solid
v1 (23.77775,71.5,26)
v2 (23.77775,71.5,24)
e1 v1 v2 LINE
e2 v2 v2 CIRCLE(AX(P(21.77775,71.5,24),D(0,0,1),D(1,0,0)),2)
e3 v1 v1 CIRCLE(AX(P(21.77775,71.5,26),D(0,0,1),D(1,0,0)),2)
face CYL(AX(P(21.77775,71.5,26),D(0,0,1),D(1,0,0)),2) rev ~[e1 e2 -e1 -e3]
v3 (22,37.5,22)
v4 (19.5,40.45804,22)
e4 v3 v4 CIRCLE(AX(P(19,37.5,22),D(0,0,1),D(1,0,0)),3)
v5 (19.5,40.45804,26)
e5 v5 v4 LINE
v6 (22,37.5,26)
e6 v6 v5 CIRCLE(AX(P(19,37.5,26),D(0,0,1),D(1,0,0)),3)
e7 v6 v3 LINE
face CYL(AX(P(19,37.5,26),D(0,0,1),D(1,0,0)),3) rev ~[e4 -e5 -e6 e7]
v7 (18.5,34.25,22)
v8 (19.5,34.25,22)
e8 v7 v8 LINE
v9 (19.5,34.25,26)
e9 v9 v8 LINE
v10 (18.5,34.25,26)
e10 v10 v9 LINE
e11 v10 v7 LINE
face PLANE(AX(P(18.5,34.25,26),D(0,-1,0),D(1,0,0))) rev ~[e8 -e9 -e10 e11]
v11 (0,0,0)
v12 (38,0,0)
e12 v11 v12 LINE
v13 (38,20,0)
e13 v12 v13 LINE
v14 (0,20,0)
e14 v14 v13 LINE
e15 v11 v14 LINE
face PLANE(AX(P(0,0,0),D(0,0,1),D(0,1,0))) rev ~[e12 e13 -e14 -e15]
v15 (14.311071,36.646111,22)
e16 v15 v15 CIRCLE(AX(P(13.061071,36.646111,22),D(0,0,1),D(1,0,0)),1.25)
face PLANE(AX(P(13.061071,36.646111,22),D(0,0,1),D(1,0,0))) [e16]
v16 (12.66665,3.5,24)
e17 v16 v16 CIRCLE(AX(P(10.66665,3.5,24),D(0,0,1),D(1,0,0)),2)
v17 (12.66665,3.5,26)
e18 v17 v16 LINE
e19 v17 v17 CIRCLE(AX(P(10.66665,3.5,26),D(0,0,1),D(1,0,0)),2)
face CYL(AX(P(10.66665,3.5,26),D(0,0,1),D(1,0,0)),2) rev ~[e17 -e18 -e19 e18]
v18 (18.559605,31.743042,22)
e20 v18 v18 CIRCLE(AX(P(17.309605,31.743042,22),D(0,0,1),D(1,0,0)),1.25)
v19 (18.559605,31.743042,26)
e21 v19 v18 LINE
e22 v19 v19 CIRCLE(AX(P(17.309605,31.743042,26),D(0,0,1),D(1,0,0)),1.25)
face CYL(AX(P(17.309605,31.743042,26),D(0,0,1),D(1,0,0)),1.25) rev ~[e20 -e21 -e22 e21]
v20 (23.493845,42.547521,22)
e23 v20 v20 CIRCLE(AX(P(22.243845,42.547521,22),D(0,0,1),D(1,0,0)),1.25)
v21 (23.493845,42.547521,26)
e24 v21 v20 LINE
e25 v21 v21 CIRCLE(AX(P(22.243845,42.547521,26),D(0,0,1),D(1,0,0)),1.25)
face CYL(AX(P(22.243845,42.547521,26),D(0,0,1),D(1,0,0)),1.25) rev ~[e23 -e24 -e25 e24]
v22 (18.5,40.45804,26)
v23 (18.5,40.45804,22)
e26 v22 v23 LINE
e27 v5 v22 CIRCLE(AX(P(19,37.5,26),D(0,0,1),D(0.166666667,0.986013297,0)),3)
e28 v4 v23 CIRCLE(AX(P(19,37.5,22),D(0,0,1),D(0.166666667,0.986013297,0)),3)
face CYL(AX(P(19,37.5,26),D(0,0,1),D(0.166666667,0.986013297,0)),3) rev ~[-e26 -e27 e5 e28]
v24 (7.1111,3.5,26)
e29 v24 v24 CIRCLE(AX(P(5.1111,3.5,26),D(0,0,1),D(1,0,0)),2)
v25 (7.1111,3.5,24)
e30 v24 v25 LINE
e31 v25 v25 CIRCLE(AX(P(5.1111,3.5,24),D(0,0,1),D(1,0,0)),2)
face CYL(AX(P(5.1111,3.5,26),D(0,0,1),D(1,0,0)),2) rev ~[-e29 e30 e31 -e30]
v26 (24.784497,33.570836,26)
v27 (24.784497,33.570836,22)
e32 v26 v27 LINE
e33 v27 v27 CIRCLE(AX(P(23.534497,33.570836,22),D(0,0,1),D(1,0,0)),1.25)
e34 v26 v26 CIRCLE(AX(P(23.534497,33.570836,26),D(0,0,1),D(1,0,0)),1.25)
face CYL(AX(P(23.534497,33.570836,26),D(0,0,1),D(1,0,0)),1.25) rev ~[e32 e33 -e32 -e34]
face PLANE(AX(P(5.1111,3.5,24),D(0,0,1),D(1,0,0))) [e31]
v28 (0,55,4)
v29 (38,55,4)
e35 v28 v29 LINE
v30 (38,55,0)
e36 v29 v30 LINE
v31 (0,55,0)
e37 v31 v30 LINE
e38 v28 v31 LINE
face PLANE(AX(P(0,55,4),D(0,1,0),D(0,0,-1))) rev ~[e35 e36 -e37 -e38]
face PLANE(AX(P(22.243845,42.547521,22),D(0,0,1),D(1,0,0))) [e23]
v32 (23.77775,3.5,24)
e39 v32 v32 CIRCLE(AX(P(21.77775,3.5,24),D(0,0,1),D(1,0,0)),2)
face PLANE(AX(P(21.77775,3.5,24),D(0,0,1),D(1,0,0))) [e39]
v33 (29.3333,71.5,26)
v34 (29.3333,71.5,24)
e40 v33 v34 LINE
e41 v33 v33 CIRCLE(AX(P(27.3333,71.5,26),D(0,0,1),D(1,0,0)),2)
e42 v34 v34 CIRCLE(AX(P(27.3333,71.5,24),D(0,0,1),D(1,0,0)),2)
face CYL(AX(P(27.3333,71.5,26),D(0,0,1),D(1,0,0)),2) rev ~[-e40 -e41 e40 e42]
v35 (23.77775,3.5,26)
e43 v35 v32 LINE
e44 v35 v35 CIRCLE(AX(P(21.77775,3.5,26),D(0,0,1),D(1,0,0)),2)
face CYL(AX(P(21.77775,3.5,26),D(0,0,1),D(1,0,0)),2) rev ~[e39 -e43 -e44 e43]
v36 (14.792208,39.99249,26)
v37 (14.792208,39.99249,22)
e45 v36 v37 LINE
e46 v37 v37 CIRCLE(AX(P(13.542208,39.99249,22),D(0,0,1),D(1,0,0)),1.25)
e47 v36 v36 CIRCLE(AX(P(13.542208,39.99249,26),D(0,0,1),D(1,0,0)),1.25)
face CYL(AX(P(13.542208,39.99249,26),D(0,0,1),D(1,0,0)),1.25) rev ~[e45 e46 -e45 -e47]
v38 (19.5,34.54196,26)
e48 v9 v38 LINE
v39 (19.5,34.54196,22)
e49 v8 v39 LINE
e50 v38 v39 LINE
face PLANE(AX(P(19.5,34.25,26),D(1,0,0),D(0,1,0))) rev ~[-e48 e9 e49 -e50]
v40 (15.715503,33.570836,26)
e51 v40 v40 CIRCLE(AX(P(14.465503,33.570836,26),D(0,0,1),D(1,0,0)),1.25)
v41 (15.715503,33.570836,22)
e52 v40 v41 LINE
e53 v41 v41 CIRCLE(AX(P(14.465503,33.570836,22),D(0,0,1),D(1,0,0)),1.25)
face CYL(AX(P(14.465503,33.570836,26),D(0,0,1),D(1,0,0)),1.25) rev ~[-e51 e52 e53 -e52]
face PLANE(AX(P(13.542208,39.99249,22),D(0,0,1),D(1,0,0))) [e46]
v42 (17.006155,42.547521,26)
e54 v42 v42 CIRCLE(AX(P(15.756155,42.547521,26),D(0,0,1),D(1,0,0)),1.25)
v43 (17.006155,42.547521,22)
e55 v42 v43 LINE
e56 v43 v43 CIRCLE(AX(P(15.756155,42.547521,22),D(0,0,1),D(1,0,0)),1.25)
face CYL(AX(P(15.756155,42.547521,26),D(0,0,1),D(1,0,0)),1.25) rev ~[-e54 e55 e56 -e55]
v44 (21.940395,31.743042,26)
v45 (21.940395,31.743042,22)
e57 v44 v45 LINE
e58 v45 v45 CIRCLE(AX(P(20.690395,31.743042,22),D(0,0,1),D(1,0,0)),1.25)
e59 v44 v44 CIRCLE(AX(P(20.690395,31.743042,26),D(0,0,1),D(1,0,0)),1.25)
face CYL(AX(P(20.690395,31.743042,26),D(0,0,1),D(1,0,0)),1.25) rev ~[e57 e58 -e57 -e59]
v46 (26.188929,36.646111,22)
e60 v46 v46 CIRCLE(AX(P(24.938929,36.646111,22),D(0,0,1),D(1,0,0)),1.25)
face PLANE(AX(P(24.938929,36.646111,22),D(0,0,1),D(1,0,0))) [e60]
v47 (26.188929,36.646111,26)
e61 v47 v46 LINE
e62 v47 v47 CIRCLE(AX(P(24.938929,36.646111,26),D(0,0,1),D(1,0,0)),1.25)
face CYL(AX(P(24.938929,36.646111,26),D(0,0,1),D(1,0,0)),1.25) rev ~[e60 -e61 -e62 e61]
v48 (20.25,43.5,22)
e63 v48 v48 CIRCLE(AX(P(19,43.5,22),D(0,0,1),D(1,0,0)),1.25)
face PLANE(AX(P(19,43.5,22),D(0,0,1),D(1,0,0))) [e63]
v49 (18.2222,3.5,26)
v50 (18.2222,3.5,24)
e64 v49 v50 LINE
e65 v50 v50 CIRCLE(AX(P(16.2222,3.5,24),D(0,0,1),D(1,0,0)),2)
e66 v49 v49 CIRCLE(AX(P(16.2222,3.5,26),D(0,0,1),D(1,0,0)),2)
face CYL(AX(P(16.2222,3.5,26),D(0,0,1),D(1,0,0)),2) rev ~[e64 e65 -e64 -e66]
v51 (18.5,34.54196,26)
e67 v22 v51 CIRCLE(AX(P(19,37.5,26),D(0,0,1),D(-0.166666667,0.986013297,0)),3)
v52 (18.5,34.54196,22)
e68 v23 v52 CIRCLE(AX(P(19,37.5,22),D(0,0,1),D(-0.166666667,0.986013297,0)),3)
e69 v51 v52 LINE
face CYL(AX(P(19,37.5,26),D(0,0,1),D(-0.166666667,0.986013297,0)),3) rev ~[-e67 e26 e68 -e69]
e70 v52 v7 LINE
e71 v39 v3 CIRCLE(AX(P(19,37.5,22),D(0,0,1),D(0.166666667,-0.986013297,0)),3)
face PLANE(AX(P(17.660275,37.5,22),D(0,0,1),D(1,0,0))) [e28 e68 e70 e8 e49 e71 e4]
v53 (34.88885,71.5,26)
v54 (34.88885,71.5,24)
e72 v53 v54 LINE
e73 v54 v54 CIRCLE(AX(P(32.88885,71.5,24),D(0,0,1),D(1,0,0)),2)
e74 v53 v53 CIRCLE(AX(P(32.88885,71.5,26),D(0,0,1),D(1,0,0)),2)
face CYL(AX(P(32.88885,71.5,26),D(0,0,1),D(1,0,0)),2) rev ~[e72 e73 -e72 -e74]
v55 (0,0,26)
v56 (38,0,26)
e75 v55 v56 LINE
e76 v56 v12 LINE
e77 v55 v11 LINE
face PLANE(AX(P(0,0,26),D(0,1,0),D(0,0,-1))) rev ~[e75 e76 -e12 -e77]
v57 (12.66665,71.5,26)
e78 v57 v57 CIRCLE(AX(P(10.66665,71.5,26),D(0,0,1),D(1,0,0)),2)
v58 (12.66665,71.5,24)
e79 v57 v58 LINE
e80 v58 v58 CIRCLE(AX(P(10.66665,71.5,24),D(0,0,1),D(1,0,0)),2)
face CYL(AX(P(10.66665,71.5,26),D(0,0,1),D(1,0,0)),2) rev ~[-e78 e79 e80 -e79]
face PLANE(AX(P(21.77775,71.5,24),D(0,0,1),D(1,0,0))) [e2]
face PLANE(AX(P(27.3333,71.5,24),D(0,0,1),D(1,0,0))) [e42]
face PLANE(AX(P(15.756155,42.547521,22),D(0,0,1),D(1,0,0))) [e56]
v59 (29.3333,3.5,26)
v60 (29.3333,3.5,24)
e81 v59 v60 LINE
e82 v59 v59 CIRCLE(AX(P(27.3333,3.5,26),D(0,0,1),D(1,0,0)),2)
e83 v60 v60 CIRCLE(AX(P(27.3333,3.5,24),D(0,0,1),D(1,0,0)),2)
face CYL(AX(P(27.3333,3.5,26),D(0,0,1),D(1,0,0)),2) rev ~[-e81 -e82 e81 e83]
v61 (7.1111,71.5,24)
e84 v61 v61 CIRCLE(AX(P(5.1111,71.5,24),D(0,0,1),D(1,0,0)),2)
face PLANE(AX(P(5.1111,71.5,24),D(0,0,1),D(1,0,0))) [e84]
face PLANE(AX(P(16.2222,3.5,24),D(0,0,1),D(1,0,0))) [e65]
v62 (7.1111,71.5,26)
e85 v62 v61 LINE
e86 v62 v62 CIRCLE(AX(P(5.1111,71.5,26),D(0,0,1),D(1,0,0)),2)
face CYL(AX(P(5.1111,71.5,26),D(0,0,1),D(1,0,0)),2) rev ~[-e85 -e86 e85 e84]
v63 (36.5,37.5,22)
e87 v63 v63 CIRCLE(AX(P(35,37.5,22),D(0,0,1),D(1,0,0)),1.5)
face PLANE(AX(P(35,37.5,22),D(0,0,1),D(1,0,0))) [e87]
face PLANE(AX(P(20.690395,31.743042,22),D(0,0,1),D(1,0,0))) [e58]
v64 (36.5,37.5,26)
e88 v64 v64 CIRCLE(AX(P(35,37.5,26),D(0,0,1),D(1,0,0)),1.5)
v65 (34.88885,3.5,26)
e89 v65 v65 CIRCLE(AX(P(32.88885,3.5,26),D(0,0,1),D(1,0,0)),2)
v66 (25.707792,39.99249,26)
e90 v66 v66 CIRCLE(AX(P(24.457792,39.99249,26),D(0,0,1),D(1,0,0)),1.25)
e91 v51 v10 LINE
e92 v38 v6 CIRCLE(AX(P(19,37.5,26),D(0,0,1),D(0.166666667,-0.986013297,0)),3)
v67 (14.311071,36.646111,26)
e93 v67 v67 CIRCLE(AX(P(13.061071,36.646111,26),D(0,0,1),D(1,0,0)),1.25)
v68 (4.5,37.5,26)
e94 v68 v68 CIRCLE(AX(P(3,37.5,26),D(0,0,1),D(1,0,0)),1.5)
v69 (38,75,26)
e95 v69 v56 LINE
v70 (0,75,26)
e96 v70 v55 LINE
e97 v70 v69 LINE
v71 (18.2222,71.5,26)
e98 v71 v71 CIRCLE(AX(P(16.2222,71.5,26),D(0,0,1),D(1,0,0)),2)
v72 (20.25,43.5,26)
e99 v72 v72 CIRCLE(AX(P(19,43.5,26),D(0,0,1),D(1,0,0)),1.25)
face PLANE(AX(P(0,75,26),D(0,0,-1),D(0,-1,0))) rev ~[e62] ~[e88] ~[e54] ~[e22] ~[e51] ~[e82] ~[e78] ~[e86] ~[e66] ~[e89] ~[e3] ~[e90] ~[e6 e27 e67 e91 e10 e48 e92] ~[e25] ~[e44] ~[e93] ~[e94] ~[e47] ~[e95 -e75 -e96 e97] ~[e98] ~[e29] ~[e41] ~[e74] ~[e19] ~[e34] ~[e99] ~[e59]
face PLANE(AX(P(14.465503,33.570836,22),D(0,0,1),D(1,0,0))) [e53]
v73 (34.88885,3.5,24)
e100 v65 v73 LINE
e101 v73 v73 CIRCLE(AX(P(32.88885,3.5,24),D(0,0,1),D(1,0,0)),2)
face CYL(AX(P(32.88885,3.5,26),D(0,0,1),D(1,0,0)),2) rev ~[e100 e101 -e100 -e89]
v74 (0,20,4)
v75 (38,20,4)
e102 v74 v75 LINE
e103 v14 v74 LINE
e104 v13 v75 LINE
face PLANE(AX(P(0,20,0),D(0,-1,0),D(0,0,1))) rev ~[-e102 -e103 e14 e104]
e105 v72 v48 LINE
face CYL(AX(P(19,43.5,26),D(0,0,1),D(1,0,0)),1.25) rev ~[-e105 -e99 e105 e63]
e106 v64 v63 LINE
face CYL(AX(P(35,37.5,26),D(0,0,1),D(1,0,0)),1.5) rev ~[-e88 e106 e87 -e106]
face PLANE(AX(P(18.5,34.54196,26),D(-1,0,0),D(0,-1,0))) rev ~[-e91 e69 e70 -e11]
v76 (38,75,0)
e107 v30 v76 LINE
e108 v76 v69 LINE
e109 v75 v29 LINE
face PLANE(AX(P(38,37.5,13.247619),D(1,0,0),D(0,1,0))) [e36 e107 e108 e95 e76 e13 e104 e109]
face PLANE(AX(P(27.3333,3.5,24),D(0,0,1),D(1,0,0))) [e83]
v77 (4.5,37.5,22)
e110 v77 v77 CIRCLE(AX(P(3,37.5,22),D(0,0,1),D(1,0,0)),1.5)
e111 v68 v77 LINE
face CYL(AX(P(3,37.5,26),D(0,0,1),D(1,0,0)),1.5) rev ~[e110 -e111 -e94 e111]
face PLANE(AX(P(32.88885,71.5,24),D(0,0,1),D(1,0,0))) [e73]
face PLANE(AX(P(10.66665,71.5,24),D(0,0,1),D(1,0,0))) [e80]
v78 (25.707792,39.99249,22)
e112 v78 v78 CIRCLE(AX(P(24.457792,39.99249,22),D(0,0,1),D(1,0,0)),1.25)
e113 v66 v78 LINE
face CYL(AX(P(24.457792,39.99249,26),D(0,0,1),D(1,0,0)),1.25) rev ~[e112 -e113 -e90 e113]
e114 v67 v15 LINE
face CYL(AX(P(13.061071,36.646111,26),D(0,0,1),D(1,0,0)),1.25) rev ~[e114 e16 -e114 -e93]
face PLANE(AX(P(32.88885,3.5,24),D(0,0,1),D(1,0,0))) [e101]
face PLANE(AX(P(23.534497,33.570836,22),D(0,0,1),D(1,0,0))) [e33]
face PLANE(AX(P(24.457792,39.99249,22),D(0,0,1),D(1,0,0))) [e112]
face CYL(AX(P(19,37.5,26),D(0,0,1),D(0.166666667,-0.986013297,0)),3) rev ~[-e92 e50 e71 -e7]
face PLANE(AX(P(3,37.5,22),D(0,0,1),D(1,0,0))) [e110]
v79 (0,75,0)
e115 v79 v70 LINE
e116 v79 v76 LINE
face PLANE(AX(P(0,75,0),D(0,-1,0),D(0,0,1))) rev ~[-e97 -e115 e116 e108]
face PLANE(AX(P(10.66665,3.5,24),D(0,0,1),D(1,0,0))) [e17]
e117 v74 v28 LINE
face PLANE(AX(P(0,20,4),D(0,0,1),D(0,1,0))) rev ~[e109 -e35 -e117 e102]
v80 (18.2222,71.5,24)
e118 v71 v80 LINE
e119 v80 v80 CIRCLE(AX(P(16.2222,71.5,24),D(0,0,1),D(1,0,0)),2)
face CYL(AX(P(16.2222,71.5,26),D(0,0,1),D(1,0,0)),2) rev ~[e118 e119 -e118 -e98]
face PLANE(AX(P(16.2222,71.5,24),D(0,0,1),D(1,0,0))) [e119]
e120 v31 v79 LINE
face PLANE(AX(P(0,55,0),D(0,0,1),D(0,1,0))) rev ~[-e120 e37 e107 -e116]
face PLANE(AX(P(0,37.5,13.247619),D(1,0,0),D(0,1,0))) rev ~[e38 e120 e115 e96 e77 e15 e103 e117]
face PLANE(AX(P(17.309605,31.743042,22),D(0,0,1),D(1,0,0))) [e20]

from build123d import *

# Parameters (mm, degrees)
F1_DEPTH = 38
F2_R     = 1.25
F2_R_2   = 1.5
F3_DEPTH = 4
F4_R     = 2
F5_DEPTH = 2


with BuildPart() as f1:
    # F0 (on Right) → F1 (new body)
    with BuildSketch(Plane.YZ):
        Polygon((0, 26), (0, 0), (20, 0), (20, 4), (55, 4), (55, 0), (75, 0), (75, 26), align=None)
    extrude(amount=F1_DEPTH)

    # F2 (on face) → F3 (cut)
    with BuildSketch(Plane.XY.offset(26)):
        with BuildLine():
            Line((18.5, 34.5419601085), (18.5, 40.4580398915))
            ThreePointArc((18.5, 40.4580398915), (16, 37.5), (18.5, 34.5419601085))
        make_face()
        with BuildLine():
            Line((19.5, 34.5419601085), (19.5, 40.4580398915))
            ThreePointArc((19.5, 40.4580398915), (19, 40.5), (18.5, 40.4580398915))
            Line((18.5, 40.4580398915), (18.5, 34.5419601085))
            ThreePointArc((18.5, 34.5419601085), (19, 34.5), (19.5, 34.5419601085))
        make_face()
        with BuildLine():
            ThreePointArc((19.5, 34.5419601085), (21.2912878475, 35.5635083269), (22, 37.5))
            ThreePointArc((22, 37.5), (21.2912878475, 39.4364916731), (19.5, 40.4580398915))
            Line((19.5, 40.4580398915), (19.5, 34.5419601085))
        make_face()
        with BuildLine():
            Line((19.5, 34.25), (19.5, 34.5419601085))
            ThreePointArc((19.5, 34.5419601085), (19, 34.5), (18.5, 34.5419601085))
            Line((18.5, 34.5419601085), (18.5, 34.25))
            Line((18.5, 34.25), (19.5, 34.25))
        make_face()
        with Locations((19, 43.5)):
            Circle(F2_R)
        with Locations((35, 37.5)):
            Circle(F2_R_2)
        with Locations((3, 37.5)):
            Circle(F2_R_2)
        with Locations((15.7561550967, 42.5475211979)):
            Circle(F2_R)
        with Locations((13.5422080293, 39.9924900812)):
            Circle(F2_R)
        with Locations((13.061071348, 36.6461109755)):
            Circle(F2_R)
        with Locations((14.4655025493, 33.5708356016)):
            Circle(F2_R)
        with Locations((17.3096046506, 31.7430421608)):
            Circle(F2_R)
        with Locations((20.6903953311, 31.7430421554)):
            Circle(F2_R)
        with Locations((23.5344974382, 33.5708355872)):
            Circle(F2_R)
        with Locations((24.9389286493, 36.6461109566)):
            Circle(F2_R)
        with Locations((24.4577919786, 39.9924900638)):
            Circle(F2_R)
        with Locations((22.2438449193, 42.5475211876)):
            Circle(F2_R)
    extrude(amount=-F3_DEPTH, mode=Mode.SUBTRACT)

    # F4 (on face) → F5 (cut)
    with BuildSketch(Plane.XY.offset(26)):
        with Locations((5.1111, 71.5)):
            Circle(F4_R)
        with Locations((10.66665, 71.5)):
            Circle(F4_R)
        with Locations((16.2222, 71.5)):
            Circle(F4_R)
        with Locations((21.77775, 71.5)):
            Circle(F4_R)
        with Locations((27.3333, 71.5)):
            Circle(F4_R)
        with Locations((32.88885, 71.5)):
            Circle(F4_R)
        with Locations((5.1111, 3.5)):
            Circle(F4_R)
        with Locations((10.66665, 3.5)):
            Circle(F4_R)
        with Locations((16.2222, 3.5)):
            Circle(F4_R)
        with Locations((21.77775, 3.5)):
            Circle(F4_R)
        with Locations((27.3333, 3.5)):
            Circle(F4_R)
        with Locations((32.88885, 3.5)):
            Circle(F4_R)
    extrude(amount=-F5_DEPTH, mode=Mode.SUBTRACT)


solid = f1.part
